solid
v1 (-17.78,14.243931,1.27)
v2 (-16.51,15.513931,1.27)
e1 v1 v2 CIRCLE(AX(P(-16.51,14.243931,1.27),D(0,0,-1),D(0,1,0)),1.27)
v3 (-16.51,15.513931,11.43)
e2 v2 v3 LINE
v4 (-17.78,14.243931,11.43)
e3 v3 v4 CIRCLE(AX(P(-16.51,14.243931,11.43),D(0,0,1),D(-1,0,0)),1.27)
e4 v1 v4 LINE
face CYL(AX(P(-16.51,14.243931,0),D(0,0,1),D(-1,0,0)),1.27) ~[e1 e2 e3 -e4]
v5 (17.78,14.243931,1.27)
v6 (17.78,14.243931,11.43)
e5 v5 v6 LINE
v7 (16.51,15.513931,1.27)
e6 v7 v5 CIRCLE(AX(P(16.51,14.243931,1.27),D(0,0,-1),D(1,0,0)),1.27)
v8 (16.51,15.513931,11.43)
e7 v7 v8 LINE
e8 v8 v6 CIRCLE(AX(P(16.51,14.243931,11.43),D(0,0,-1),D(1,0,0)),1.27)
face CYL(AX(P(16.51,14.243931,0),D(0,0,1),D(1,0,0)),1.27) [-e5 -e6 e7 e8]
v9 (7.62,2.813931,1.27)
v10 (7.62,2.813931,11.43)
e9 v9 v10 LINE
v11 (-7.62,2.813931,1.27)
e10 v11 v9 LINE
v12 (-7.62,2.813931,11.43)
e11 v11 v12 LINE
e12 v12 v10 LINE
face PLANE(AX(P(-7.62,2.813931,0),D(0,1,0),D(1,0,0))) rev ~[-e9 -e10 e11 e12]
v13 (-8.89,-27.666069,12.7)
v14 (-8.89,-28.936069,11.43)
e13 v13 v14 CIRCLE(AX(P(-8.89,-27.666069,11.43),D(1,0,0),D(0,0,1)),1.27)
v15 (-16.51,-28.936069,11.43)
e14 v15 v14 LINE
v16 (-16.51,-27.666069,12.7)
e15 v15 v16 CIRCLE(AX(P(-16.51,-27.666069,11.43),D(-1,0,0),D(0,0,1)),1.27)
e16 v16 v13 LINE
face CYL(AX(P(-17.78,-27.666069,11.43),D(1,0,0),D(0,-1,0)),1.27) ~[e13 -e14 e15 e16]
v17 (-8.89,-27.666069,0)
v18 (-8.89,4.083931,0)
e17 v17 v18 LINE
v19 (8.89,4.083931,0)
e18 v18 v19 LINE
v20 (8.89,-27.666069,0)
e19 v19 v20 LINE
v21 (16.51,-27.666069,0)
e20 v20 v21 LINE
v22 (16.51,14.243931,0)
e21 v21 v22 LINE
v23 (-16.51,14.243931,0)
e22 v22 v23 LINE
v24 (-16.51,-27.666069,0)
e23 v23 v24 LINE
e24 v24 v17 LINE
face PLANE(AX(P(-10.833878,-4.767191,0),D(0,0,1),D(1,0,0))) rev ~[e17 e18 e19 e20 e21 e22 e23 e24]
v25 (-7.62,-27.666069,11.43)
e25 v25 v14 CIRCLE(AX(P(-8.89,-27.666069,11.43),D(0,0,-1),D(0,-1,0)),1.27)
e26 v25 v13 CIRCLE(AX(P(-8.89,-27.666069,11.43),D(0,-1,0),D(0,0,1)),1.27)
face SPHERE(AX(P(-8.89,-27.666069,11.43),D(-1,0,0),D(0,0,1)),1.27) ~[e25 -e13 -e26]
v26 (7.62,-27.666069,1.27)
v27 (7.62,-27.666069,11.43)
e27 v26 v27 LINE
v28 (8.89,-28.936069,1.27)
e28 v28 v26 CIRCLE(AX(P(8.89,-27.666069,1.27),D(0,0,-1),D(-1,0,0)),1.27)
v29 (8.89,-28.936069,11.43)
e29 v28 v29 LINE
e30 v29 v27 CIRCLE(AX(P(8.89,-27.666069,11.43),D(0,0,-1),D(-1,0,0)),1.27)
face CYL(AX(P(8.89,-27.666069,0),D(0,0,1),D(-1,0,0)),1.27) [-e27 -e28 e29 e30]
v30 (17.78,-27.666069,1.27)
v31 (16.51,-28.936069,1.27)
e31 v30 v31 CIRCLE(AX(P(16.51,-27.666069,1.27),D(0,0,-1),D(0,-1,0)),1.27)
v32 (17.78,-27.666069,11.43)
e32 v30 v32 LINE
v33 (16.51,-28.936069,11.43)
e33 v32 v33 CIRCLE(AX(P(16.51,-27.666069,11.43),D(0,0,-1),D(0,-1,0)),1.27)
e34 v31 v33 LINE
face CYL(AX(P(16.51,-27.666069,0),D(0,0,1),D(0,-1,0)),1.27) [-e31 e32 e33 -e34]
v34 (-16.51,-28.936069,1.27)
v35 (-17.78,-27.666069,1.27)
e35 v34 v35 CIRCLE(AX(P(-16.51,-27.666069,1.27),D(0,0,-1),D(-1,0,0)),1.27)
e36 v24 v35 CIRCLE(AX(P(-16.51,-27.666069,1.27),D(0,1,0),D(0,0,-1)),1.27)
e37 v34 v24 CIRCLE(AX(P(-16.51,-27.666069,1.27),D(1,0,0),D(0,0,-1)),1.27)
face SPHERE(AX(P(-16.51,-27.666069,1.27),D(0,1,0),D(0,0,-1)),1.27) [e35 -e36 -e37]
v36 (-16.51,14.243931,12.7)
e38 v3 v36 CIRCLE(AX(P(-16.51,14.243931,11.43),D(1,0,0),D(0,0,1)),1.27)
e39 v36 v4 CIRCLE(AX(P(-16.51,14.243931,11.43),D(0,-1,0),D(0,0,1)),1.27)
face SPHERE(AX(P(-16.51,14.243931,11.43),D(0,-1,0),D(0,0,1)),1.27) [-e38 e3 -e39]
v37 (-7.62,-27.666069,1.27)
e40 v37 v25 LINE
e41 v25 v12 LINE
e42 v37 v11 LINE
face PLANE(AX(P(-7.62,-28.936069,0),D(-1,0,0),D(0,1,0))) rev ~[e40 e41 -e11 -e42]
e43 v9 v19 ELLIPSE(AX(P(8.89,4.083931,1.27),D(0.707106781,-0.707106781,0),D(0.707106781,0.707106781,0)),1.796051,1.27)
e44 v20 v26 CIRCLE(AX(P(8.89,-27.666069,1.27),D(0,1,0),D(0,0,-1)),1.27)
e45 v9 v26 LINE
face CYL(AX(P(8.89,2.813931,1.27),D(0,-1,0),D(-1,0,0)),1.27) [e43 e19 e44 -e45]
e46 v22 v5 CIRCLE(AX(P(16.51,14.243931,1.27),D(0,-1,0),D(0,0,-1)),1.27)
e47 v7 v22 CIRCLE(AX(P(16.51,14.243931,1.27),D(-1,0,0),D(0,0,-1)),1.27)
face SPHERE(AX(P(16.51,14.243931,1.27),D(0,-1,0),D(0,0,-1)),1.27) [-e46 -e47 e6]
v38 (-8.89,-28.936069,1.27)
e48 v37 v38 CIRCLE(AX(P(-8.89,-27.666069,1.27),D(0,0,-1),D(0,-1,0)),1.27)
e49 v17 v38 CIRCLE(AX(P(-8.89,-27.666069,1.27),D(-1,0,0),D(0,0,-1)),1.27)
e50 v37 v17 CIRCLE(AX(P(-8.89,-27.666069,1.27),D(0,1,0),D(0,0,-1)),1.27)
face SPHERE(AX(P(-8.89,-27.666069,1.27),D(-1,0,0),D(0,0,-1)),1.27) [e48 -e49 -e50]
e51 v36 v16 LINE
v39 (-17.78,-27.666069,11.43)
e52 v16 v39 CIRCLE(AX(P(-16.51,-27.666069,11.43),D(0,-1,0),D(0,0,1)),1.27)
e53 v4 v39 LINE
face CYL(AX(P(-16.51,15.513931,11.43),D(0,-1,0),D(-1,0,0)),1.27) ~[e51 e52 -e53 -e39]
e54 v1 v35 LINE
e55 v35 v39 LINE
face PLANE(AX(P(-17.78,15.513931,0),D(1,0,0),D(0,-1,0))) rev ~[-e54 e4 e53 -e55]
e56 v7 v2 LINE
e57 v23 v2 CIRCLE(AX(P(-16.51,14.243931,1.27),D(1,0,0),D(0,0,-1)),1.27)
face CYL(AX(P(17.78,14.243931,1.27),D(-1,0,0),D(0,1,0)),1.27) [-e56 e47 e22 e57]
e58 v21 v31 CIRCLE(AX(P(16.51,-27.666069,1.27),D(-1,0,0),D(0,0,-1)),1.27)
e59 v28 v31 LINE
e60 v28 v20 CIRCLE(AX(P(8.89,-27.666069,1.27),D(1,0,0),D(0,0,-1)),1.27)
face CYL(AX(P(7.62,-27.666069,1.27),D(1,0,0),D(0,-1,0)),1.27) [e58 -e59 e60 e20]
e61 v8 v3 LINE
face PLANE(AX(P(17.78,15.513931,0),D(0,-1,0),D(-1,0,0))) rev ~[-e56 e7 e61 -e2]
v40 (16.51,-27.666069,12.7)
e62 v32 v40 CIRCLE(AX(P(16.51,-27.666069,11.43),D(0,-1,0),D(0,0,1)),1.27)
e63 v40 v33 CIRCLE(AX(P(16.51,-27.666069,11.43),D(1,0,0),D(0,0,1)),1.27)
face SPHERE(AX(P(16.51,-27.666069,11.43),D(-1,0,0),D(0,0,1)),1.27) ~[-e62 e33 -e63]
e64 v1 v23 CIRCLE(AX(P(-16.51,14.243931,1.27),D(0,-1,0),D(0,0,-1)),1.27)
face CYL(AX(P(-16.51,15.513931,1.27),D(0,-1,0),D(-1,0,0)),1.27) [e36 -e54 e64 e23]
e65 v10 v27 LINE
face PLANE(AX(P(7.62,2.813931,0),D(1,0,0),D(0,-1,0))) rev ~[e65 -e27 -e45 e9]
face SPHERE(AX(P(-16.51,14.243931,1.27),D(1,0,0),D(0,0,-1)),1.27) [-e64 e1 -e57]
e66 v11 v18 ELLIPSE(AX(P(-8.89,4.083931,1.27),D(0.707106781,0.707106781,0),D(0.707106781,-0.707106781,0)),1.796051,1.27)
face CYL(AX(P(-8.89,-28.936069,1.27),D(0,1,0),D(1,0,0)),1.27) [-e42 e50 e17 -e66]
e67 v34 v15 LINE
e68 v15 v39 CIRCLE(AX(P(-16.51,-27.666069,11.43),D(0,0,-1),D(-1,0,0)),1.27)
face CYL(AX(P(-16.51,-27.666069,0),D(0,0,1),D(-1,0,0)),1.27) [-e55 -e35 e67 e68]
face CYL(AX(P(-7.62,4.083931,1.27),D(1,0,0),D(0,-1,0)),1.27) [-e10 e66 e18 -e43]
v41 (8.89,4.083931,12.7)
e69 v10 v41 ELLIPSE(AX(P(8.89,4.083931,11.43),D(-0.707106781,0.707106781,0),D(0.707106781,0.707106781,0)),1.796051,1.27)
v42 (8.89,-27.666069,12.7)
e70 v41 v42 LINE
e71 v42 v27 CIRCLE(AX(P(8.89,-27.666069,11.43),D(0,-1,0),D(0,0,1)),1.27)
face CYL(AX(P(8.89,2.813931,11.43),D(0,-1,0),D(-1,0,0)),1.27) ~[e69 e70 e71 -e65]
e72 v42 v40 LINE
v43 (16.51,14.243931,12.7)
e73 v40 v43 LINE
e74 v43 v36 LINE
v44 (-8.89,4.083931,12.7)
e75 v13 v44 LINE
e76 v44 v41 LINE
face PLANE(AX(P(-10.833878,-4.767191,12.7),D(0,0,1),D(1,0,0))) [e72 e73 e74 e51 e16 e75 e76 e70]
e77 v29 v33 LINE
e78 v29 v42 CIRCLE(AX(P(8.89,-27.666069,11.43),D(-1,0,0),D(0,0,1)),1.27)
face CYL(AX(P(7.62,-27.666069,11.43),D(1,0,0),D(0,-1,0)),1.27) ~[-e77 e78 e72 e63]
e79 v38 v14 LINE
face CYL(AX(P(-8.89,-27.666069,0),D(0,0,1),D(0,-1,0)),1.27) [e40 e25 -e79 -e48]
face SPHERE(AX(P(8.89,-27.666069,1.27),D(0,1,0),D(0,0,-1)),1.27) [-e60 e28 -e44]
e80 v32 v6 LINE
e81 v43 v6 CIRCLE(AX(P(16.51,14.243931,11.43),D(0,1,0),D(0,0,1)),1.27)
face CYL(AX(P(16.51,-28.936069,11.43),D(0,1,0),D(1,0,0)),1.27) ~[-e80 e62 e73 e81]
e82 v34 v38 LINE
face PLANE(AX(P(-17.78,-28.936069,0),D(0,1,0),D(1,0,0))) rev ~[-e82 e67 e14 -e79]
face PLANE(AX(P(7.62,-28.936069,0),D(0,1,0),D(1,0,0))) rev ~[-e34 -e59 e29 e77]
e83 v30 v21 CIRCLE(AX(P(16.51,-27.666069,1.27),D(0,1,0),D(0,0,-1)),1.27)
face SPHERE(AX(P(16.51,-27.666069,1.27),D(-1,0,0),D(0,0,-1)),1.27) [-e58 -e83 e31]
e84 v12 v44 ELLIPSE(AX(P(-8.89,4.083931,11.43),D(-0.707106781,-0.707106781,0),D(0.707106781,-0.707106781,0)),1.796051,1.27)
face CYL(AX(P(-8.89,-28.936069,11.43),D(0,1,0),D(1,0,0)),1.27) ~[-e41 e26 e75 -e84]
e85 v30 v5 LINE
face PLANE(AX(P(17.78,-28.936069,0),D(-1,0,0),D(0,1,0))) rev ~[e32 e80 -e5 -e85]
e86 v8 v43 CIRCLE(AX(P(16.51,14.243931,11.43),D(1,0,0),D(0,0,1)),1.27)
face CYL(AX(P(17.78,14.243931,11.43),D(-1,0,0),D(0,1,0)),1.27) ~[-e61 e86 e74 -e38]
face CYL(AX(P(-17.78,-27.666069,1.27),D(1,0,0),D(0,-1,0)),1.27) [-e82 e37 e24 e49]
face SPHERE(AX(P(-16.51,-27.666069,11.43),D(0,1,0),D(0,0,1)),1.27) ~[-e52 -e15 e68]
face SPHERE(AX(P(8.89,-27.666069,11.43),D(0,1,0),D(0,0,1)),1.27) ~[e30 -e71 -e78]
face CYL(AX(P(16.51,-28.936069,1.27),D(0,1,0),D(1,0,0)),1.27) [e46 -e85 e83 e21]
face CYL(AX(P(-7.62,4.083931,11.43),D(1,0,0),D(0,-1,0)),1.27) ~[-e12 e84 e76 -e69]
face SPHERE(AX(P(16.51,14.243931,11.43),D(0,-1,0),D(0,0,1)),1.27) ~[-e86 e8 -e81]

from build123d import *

# Parameters (mm, degrees)
F1_DEPTH = 12.7
F2_R     = 1.27


with BuildPart() as f1:
    # F0 (on Top) → F1 (new body)
    with BuildSketch(Plane.XY):
        Polygon((0, 2.813931), (0, 15.513931), (-17.78, 15.513931), (-17.78, -28.936069), (-7.62, -28.936069), (-7.62, 2.813931), align=None)
        Polygon((17.78, 15.513931), (0, 15.513931), (0, 2.813931), (7.62, 2.813931), (7.62, -28.936069), (17.78, -28.936069), align=None)
    extrude(amount=F1_DEPTH)

    # F2
    f2_edges = [f1.edges().sort_by_distance(p)[0] for p in [
        (-17.78, -6.711069, 12.7),
        (0, 2.813931, 12.7),
        (7.62, -13.061069, 12.7),
        (12.7, -28.936069, 12.7),
        (17.78, -6.711069, 12.7),
        (0, 15.513931, 12.7),
        (-12.7, -28.936069, 12.7),
        (-7.62, -13.061069, 12.7),
        (0, 2.813931, 0),
        (7.62, -13.061069, 0),
        (12.7, -28.936069, 0),
        (17.78, -6.711069, 0),
        (0, 15.513931, 0),
        (-17.78, -6.711069, 0),
        (-12.7, -28.936069, 0),
        (-7.62, -13.061069, 0),
        (17.78, -28.936069, 6.35),
        (7.62, -28.936069, 6.35),
        (-7.62, -28.936069, 6.35),
        (-17.78, -28.936069, 6.35),
        (-17.78, 15.513931, 6.35),
        (17.78, 15.513931, 6.35),
    ]]
    fillet(f2_edges, radius=F2_R)


solid = f1.part
